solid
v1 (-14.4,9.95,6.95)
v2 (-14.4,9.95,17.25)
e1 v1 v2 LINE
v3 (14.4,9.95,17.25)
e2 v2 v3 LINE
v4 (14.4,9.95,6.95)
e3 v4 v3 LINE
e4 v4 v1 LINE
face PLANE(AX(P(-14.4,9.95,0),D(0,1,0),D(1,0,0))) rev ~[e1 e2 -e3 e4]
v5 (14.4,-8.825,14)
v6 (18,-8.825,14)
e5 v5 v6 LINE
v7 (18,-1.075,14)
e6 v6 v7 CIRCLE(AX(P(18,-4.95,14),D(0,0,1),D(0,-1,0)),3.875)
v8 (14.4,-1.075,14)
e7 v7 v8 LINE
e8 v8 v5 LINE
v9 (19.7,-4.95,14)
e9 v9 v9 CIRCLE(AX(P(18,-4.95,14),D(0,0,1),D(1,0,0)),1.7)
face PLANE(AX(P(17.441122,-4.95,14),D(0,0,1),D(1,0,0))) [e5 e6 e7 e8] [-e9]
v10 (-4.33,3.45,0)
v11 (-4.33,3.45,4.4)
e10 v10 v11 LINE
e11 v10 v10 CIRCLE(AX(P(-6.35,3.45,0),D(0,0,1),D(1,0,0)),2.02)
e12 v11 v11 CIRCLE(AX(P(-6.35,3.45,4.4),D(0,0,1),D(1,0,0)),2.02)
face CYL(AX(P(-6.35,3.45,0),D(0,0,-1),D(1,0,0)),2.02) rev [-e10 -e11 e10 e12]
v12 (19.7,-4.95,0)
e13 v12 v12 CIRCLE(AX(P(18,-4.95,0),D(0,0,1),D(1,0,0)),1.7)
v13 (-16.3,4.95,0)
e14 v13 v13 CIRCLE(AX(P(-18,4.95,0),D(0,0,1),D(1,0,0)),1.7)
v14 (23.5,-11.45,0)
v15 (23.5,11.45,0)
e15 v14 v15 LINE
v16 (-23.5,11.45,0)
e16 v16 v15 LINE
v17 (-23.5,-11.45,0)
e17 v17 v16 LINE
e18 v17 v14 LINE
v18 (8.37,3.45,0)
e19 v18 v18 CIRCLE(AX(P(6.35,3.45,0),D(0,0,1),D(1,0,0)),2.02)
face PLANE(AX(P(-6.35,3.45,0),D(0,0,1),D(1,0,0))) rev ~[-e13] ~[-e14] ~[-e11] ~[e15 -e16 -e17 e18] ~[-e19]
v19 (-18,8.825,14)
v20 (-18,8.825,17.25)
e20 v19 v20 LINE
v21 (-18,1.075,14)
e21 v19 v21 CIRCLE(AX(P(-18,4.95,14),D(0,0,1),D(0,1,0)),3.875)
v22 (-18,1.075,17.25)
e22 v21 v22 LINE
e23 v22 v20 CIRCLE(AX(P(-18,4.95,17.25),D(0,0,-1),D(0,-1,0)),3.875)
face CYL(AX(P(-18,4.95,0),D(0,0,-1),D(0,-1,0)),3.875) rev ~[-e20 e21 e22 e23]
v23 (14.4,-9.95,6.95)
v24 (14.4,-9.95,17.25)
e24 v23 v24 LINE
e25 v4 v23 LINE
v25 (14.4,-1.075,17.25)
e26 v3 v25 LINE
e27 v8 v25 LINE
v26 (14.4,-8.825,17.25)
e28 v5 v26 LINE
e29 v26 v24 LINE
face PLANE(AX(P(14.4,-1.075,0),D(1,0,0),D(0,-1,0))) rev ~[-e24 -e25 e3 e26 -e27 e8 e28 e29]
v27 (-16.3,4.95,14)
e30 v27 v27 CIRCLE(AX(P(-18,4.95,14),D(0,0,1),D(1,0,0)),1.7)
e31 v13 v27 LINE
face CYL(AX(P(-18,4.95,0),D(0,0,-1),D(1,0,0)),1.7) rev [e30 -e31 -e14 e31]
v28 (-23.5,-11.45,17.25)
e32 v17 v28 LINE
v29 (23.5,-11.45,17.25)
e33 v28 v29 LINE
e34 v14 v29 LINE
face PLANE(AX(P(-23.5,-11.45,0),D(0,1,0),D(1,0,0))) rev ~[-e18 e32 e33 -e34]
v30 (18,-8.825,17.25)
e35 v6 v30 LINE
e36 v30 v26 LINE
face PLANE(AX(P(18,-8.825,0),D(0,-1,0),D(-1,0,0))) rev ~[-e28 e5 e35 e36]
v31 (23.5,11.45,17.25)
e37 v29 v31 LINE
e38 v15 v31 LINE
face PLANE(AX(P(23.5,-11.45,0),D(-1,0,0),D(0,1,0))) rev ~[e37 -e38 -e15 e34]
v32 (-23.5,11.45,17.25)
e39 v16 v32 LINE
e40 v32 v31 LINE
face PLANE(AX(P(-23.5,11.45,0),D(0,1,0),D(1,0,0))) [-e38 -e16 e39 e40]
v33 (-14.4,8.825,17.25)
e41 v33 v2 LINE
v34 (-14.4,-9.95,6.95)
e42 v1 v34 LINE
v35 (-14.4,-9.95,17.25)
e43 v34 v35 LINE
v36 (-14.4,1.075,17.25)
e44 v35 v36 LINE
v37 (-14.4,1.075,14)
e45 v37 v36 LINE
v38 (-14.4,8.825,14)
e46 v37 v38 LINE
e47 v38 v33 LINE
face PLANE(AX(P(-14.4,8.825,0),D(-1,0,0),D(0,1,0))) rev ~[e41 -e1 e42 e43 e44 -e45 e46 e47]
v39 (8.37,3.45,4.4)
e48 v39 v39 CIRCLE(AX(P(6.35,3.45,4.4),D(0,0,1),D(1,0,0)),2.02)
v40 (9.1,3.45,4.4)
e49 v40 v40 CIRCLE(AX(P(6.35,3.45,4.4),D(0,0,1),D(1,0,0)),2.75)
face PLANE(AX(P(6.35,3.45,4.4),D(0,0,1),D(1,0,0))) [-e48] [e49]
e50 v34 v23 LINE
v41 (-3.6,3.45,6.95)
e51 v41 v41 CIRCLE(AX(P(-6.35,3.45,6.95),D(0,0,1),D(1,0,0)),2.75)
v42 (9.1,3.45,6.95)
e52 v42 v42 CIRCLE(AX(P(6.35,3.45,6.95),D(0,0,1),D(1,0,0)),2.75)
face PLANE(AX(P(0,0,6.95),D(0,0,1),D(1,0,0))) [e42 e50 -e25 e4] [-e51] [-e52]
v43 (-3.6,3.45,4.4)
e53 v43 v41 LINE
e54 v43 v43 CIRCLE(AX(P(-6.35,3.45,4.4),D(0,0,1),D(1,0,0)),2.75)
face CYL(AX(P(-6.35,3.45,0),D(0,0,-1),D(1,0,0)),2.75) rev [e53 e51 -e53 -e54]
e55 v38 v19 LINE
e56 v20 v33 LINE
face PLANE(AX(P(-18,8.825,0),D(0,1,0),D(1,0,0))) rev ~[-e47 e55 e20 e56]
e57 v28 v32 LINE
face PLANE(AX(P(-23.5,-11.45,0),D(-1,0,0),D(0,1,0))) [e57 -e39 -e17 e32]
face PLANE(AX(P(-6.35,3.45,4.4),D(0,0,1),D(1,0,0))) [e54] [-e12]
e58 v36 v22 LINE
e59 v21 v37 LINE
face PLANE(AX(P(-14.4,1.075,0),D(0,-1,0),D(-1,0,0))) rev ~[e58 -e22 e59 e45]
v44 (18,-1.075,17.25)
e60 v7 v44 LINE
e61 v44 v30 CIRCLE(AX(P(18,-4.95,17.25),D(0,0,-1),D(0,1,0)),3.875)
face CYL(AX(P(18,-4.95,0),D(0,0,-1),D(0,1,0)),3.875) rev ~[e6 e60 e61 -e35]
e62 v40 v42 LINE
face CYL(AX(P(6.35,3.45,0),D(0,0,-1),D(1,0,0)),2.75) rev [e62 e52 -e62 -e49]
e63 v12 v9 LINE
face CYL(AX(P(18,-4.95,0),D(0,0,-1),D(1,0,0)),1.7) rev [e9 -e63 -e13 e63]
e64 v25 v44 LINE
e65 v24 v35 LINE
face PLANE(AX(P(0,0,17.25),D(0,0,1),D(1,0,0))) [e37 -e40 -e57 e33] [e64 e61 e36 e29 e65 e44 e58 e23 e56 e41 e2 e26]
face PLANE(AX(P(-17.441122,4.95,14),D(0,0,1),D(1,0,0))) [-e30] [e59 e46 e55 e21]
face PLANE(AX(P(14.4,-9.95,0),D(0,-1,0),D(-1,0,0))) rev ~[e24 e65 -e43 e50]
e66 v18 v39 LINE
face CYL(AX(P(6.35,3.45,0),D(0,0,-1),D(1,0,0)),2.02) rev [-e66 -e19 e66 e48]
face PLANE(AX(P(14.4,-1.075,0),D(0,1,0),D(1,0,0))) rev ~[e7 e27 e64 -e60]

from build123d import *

# Parameters (mm, degrees)
F0_W     = 47
F0_H     = 22.9
F1_DEPTH = 17.25
F0_R     = 2.75
F2_DEPTH = 6.95
F0_R_2   = 1.7
F3_DEPTH = 14
F0_R_3   = 2.02
F4_DEPTH = 4.4


with BuildPart() as f1:
    # F0 (on Top) → F1 (new body)
    with BuildSketch(Plane.XY):
        Rectangle(F0_W, F0_H)
        with BuildLine():
            Line((-14.4, 8.825), (-14.4, 9.95))
            Line((-14.4, 9.95), (14.4, 9.95))
            Line((14.4, 9.95), (14.4, -1.075))
            Line((14.4, -1.075), (18, -1.075))
            ThreePointArc((18, -1.075), (21.875, -4.95), (18, -8.825))
            Line((18, -8.825), (14.4, -8.825))
            Line((14.4, -8.825), (14.4, -9.95))
            Line((14.4, -9.95), (-14.4, -9.95))
            Line((-14.4, -9.95), (-14.4, 1.075))
            Line((-14.4, 1.075), (-18, 1.075))
            ThreePointArc((-18, 1.075), (-21.875, 4.95), (-18, 8.825))
            Line((-18, 8.825), (-14.4, 8.825))
        make_face(mode=Mode.SUBTRACT)
    extrude(amount=F1_DEPTH)

    # F0 (on Top) → F2 (join)
    with BuildSketch(Plane.XY):
        Polygon((14.4, 9.95), (-14.4, 9.95), (-14.4, 8.825), (-14.4, 1.075), (-14.4, -9.95), (14.4, -9.95), (14.4, -8.825), (14.4, -1.075), align=None)
        with Locations((-6.35, 3.45)):
            Circle(F0_R, mode=Mode.SUBTRACT)
        with Locations((6.35, 3.45)):
            Circle(F0_R, mode=Mode.SUBTRACT)
    extrude(amount=F2_DEPTH)

    # F0 (on Top) → F3 (join)
    with BuildSketch(Plane.XY):
        with BuildLine():
            Line((18, -1.075), (14.4, -1.075))
            Line((14.4, -1.075), (14.4, -8.825))
            Line((14.4, -8.825), (18, -8.825))
            ThreePointArc((18, -8.825), (21.875, -4.95), (18, -1.075))
        make_face()
        with Locations((18, -4.95)):
            Circle(F0_R_2, mode=Mode.SUBTRACT)
        with BuildLine():
            Line((-14.4, 1.075), (-14.4, 8.825))
            Line((-14.4, 8.825), (-18, 8.825))
            ThreePointArc((-18, 8.825), (-21.875, 4.95), (-18, 1.075))
            Line((-18, 1.075), (-14.4, 1.075))
        make_face()
        with Locations((-18, 4.95)):
            Circle(F0_R_2, mode=Mode.SUBTRACT)
    extrude(amount=F3_DEPTH)

    # F0 (on Top) → F4 (join)
    with BuildSketch(Plane.XY):
        with Locations((-6.35, 3.45)):
            Circle(F0_R)
        with Locations((-6.35, 3.45)):
            Circle(F0_R_3, mode=Mode.SUBTRACT)
        with Locations((6.35, 3.45)):
            Circle(F0_R)
        with Locations((6.35, 3.45)):
            Circle(F0_R_3, mode=Mode.SUBTRACT)
    extrude(amount=F4_DEPTH)


solid = f1.part
